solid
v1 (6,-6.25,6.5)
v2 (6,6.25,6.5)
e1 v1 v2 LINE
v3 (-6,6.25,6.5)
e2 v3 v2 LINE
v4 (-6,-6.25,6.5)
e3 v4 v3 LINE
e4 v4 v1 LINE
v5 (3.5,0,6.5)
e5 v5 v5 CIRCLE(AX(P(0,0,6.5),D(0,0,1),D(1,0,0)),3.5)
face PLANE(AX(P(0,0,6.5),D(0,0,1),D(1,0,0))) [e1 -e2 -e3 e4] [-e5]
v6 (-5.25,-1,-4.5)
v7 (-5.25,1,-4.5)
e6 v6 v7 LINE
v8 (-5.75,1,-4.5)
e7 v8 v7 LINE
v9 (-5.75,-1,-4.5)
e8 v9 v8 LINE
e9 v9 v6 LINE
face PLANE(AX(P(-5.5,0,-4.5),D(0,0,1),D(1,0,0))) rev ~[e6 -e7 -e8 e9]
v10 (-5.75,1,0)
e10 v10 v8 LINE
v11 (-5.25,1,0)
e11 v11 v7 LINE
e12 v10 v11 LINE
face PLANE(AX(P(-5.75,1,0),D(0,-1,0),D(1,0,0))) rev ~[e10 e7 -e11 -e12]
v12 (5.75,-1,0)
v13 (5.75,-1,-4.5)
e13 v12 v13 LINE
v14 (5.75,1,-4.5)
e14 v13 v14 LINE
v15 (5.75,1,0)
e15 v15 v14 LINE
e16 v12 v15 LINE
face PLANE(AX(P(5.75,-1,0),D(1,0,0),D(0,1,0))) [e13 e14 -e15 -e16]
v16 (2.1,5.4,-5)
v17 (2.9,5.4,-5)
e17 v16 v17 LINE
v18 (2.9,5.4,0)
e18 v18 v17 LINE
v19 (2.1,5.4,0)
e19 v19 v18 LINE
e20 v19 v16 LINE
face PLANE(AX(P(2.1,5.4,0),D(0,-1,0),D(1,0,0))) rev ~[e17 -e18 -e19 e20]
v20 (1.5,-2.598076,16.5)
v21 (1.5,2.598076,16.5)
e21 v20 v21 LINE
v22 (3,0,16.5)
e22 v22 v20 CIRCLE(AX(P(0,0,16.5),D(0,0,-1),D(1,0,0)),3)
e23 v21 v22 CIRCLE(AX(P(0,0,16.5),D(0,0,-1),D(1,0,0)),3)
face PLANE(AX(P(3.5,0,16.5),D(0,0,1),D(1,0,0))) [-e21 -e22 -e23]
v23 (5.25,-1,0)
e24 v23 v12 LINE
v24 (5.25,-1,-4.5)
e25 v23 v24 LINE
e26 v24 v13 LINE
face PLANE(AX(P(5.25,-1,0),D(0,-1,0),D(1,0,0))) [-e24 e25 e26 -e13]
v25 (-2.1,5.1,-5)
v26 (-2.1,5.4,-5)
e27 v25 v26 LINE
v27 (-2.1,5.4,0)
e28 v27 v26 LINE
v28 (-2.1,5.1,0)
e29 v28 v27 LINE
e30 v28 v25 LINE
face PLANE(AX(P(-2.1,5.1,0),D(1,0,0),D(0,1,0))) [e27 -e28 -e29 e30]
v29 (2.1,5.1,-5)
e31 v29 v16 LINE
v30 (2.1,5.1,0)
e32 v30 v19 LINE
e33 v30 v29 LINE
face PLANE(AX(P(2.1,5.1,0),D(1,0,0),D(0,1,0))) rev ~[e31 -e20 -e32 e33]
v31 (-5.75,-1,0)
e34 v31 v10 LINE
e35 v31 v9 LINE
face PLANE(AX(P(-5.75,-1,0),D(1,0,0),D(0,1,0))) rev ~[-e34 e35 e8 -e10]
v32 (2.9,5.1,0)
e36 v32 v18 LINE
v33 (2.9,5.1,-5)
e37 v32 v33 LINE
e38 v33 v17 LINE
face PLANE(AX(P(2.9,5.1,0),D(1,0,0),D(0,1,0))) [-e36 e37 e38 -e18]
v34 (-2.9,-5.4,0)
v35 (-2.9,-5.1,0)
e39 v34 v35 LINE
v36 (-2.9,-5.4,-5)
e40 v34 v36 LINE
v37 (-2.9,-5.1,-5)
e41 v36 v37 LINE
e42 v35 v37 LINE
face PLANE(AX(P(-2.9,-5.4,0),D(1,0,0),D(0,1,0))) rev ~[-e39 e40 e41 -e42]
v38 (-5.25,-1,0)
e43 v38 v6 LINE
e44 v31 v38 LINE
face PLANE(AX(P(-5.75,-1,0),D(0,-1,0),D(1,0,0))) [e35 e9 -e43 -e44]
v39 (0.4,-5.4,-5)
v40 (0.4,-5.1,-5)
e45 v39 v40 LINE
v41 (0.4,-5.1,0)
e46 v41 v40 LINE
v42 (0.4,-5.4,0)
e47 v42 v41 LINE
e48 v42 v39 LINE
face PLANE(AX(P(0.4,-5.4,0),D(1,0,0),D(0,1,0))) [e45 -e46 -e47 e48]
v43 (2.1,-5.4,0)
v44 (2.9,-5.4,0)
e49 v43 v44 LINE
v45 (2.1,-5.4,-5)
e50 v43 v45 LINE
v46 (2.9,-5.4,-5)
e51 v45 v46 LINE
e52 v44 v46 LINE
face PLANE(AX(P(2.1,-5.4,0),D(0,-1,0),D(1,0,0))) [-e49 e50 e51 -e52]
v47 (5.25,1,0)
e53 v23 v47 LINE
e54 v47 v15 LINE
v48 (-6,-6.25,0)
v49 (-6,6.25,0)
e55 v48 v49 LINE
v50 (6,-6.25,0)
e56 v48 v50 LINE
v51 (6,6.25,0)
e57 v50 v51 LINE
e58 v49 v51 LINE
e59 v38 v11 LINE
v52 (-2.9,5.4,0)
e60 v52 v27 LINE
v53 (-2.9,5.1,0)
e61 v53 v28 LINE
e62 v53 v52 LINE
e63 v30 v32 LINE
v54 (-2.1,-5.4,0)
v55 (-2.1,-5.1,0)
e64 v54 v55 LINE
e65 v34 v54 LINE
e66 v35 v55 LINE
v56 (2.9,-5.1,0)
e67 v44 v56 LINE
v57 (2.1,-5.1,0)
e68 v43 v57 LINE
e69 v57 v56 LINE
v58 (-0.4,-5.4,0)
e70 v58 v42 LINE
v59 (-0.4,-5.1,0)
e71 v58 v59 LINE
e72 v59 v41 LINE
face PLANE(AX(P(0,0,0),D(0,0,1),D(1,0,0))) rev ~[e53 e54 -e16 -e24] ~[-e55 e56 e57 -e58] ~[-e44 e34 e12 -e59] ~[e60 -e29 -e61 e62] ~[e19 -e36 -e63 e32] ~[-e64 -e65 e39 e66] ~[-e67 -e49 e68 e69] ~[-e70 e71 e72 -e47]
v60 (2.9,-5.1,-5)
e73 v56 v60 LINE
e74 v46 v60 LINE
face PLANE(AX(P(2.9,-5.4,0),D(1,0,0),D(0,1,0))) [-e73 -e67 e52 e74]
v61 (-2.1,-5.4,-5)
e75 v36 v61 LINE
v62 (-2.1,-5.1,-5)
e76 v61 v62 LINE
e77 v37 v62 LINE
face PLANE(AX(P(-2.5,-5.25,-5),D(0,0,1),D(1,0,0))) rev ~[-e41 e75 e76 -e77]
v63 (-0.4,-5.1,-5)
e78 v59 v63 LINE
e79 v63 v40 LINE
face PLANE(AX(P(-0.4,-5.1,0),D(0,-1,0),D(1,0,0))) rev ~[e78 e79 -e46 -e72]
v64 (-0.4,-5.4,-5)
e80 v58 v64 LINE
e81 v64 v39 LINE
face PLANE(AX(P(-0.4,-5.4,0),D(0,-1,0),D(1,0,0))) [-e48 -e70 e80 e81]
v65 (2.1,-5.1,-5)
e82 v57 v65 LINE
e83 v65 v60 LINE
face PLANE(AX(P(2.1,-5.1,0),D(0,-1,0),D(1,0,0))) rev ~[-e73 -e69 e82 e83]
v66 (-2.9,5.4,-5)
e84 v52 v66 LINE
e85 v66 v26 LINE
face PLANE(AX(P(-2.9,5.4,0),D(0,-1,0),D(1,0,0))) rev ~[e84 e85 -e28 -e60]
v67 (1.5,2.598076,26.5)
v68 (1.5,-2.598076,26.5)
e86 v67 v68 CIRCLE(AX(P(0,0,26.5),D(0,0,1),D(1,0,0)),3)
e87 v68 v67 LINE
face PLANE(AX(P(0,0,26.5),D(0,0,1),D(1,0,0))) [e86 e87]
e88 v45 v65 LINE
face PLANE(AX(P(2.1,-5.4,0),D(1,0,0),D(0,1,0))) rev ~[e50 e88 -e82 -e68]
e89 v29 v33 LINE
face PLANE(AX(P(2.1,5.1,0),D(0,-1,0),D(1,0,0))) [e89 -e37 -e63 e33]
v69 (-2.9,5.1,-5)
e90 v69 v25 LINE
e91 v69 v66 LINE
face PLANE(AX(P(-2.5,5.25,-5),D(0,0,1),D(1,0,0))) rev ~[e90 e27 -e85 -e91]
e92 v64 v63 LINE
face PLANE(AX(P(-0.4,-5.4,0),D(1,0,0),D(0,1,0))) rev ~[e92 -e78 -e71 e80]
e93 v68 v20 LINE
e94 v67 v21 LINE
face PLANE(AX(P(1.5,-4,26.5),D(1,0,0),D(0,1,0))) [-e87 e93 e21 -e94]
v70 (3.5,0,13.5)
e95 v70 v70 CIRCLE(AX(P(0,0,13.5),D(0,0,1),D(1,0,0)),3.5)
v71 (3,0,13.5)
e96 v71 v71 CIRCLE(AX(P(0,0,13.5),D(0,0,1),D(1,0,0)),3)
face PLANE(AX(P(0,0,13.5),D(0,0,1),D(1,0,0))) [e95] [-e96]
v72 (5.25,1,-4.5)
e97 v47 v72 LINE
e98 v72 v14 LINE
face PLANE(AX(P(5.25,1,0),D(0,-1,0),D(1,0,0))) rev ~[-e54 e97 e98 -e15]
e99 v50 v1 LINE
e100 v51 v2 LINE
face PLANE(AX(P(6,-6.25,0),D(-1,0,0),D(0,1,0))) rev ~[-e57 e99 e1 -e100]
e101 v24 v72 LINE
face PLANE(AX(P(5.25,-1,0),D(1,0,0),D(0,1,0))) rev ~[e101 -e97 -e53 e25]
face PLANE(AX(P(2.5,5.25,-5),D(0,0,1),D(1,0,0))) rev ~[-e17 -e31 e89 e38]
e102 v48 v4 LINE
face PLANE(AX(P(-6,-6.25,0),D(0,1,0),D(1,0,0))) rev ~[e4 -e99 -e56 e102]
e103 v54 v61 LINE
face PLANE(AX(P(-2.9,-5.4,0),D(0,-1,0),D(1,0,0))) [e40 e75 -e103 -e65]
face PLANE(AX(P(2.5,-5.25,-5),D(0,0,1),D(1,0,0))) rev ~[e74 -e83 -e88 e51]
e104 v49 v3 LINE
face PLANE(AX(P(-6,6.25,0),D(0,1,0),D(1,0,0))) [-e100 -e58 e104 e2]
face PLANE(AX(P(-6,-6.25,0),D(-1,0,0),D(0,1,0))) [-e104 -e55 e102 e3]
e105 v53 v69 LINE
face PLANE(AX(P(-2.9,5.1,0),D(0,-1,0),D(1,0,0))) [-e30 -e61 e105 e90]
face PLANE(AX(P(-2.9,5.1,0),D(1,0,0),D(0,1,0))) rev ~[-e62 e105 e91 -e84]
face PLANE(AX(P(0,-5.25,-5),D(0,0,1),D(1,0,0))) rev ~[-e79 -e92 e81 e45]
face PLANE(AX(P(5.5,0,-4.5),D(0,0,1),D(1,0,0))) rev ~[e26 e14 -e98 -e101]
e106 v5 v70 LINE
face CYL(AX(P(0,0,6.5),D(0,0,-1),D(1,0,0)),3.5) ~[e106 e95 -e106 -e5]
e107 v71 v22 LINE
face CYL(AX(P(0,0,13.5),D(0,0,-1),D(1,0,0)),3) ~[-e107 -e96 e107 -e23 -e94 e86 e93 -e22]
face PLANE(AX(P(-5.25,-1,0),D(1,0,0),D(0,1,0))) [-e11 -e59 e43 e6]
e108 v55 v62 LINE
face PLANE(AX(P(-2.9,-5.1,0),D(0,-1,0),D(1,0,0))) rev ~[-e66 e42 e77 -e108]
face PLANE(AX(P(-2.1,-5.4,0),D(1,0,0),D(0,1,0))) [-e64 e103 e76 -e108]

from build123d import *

# Parameters (mm, degrees)
SKETCH1_W     = 12
SKETCH1_H     = 12.5
BODY_DEPTH    = 6.5
SKETCH2_R     = 3.5
BUSHING_DEPTH = 7
SKETCH3_R     = 3
SHAFT_DEPTH   = 13
SKETCH4_W     = 0.8
SKETCH4_H     = 0.3
PINS_DEPTH    = 5
SKETCH5_W     = 0.5
SKETCH5_H     = 2
TABS_DEPTH    = 4.5
SKETCH6_W     = 4
SKETCH6_H     = 8
D_FLAT_DEPTH  = 10


with BuildPart() as part:
    # Sketch1 → Body (new body)
    with BuildSketch(Plane.XY):
        Rectangle(SKETCH1_W, SKETCH1_H)
    extrude(amount=BODY_DEPTH)

    # Sketch2 → Bushing (add)
    with BuildSketch(Plane.XY.offset(6.5)):
        Circle(SKETCH2_R)
    extrude(amount=BUSHING_DEPTH)

    # Sketch3 → Shaft (add)
    with BuildSketch(Plane.XY.offset(13.5)):
        Circle(SKETCH3_R)
    extrude(amount=SHAFT_DEPTH)

    # Sketch4 → Pins (add)
    with BuildSketch(Plane.XY):
        with Locations((-2.5, -5.25)):
            Rectangle(SKETCH4_W, SKETCH4_H)
        with Locations((0, -5.25)):
            Rectangle(SKETCH4_W, SKETCH4_H)
        with Locations((2.5, -5.25)):
            Rectangle(SKETCH4_W, SKETCH4_H)
        with Locations((-2.5, 5.25)):
            Rectangle(SKETCH4_W, SKETCH4_H)
        with Locations((2.5, 5.25)):
            Rectangle(SKETCH4_W, SKETCH4_H)
    extrude(amount=-PINS_DEPTH)

    # Sketch5 → Tabs (add)
    with BuildSketch(Plane.XY):
        with Locations((-5.5, 0)):
            Rectangle(SKETCH5_W, SKETCH5_H)
        with Locations((5.5, 0)):
            Rectangle(SKETCH5_W, SKETCH5_H)
    extrude(amount=-TABS_DEPTH)

    # Sketch6 → D_flat (cut)
    with BuildSketch(Plane.XY.offset(26.5)):
        with Locations((3.5, 0)):
            Rectangle(SKETCH6_W, SKETCH6_H)
    extrude(amount=-D_FLAT_DEPTH, mode=Mode.SUBTRACT)


solid = part.part
